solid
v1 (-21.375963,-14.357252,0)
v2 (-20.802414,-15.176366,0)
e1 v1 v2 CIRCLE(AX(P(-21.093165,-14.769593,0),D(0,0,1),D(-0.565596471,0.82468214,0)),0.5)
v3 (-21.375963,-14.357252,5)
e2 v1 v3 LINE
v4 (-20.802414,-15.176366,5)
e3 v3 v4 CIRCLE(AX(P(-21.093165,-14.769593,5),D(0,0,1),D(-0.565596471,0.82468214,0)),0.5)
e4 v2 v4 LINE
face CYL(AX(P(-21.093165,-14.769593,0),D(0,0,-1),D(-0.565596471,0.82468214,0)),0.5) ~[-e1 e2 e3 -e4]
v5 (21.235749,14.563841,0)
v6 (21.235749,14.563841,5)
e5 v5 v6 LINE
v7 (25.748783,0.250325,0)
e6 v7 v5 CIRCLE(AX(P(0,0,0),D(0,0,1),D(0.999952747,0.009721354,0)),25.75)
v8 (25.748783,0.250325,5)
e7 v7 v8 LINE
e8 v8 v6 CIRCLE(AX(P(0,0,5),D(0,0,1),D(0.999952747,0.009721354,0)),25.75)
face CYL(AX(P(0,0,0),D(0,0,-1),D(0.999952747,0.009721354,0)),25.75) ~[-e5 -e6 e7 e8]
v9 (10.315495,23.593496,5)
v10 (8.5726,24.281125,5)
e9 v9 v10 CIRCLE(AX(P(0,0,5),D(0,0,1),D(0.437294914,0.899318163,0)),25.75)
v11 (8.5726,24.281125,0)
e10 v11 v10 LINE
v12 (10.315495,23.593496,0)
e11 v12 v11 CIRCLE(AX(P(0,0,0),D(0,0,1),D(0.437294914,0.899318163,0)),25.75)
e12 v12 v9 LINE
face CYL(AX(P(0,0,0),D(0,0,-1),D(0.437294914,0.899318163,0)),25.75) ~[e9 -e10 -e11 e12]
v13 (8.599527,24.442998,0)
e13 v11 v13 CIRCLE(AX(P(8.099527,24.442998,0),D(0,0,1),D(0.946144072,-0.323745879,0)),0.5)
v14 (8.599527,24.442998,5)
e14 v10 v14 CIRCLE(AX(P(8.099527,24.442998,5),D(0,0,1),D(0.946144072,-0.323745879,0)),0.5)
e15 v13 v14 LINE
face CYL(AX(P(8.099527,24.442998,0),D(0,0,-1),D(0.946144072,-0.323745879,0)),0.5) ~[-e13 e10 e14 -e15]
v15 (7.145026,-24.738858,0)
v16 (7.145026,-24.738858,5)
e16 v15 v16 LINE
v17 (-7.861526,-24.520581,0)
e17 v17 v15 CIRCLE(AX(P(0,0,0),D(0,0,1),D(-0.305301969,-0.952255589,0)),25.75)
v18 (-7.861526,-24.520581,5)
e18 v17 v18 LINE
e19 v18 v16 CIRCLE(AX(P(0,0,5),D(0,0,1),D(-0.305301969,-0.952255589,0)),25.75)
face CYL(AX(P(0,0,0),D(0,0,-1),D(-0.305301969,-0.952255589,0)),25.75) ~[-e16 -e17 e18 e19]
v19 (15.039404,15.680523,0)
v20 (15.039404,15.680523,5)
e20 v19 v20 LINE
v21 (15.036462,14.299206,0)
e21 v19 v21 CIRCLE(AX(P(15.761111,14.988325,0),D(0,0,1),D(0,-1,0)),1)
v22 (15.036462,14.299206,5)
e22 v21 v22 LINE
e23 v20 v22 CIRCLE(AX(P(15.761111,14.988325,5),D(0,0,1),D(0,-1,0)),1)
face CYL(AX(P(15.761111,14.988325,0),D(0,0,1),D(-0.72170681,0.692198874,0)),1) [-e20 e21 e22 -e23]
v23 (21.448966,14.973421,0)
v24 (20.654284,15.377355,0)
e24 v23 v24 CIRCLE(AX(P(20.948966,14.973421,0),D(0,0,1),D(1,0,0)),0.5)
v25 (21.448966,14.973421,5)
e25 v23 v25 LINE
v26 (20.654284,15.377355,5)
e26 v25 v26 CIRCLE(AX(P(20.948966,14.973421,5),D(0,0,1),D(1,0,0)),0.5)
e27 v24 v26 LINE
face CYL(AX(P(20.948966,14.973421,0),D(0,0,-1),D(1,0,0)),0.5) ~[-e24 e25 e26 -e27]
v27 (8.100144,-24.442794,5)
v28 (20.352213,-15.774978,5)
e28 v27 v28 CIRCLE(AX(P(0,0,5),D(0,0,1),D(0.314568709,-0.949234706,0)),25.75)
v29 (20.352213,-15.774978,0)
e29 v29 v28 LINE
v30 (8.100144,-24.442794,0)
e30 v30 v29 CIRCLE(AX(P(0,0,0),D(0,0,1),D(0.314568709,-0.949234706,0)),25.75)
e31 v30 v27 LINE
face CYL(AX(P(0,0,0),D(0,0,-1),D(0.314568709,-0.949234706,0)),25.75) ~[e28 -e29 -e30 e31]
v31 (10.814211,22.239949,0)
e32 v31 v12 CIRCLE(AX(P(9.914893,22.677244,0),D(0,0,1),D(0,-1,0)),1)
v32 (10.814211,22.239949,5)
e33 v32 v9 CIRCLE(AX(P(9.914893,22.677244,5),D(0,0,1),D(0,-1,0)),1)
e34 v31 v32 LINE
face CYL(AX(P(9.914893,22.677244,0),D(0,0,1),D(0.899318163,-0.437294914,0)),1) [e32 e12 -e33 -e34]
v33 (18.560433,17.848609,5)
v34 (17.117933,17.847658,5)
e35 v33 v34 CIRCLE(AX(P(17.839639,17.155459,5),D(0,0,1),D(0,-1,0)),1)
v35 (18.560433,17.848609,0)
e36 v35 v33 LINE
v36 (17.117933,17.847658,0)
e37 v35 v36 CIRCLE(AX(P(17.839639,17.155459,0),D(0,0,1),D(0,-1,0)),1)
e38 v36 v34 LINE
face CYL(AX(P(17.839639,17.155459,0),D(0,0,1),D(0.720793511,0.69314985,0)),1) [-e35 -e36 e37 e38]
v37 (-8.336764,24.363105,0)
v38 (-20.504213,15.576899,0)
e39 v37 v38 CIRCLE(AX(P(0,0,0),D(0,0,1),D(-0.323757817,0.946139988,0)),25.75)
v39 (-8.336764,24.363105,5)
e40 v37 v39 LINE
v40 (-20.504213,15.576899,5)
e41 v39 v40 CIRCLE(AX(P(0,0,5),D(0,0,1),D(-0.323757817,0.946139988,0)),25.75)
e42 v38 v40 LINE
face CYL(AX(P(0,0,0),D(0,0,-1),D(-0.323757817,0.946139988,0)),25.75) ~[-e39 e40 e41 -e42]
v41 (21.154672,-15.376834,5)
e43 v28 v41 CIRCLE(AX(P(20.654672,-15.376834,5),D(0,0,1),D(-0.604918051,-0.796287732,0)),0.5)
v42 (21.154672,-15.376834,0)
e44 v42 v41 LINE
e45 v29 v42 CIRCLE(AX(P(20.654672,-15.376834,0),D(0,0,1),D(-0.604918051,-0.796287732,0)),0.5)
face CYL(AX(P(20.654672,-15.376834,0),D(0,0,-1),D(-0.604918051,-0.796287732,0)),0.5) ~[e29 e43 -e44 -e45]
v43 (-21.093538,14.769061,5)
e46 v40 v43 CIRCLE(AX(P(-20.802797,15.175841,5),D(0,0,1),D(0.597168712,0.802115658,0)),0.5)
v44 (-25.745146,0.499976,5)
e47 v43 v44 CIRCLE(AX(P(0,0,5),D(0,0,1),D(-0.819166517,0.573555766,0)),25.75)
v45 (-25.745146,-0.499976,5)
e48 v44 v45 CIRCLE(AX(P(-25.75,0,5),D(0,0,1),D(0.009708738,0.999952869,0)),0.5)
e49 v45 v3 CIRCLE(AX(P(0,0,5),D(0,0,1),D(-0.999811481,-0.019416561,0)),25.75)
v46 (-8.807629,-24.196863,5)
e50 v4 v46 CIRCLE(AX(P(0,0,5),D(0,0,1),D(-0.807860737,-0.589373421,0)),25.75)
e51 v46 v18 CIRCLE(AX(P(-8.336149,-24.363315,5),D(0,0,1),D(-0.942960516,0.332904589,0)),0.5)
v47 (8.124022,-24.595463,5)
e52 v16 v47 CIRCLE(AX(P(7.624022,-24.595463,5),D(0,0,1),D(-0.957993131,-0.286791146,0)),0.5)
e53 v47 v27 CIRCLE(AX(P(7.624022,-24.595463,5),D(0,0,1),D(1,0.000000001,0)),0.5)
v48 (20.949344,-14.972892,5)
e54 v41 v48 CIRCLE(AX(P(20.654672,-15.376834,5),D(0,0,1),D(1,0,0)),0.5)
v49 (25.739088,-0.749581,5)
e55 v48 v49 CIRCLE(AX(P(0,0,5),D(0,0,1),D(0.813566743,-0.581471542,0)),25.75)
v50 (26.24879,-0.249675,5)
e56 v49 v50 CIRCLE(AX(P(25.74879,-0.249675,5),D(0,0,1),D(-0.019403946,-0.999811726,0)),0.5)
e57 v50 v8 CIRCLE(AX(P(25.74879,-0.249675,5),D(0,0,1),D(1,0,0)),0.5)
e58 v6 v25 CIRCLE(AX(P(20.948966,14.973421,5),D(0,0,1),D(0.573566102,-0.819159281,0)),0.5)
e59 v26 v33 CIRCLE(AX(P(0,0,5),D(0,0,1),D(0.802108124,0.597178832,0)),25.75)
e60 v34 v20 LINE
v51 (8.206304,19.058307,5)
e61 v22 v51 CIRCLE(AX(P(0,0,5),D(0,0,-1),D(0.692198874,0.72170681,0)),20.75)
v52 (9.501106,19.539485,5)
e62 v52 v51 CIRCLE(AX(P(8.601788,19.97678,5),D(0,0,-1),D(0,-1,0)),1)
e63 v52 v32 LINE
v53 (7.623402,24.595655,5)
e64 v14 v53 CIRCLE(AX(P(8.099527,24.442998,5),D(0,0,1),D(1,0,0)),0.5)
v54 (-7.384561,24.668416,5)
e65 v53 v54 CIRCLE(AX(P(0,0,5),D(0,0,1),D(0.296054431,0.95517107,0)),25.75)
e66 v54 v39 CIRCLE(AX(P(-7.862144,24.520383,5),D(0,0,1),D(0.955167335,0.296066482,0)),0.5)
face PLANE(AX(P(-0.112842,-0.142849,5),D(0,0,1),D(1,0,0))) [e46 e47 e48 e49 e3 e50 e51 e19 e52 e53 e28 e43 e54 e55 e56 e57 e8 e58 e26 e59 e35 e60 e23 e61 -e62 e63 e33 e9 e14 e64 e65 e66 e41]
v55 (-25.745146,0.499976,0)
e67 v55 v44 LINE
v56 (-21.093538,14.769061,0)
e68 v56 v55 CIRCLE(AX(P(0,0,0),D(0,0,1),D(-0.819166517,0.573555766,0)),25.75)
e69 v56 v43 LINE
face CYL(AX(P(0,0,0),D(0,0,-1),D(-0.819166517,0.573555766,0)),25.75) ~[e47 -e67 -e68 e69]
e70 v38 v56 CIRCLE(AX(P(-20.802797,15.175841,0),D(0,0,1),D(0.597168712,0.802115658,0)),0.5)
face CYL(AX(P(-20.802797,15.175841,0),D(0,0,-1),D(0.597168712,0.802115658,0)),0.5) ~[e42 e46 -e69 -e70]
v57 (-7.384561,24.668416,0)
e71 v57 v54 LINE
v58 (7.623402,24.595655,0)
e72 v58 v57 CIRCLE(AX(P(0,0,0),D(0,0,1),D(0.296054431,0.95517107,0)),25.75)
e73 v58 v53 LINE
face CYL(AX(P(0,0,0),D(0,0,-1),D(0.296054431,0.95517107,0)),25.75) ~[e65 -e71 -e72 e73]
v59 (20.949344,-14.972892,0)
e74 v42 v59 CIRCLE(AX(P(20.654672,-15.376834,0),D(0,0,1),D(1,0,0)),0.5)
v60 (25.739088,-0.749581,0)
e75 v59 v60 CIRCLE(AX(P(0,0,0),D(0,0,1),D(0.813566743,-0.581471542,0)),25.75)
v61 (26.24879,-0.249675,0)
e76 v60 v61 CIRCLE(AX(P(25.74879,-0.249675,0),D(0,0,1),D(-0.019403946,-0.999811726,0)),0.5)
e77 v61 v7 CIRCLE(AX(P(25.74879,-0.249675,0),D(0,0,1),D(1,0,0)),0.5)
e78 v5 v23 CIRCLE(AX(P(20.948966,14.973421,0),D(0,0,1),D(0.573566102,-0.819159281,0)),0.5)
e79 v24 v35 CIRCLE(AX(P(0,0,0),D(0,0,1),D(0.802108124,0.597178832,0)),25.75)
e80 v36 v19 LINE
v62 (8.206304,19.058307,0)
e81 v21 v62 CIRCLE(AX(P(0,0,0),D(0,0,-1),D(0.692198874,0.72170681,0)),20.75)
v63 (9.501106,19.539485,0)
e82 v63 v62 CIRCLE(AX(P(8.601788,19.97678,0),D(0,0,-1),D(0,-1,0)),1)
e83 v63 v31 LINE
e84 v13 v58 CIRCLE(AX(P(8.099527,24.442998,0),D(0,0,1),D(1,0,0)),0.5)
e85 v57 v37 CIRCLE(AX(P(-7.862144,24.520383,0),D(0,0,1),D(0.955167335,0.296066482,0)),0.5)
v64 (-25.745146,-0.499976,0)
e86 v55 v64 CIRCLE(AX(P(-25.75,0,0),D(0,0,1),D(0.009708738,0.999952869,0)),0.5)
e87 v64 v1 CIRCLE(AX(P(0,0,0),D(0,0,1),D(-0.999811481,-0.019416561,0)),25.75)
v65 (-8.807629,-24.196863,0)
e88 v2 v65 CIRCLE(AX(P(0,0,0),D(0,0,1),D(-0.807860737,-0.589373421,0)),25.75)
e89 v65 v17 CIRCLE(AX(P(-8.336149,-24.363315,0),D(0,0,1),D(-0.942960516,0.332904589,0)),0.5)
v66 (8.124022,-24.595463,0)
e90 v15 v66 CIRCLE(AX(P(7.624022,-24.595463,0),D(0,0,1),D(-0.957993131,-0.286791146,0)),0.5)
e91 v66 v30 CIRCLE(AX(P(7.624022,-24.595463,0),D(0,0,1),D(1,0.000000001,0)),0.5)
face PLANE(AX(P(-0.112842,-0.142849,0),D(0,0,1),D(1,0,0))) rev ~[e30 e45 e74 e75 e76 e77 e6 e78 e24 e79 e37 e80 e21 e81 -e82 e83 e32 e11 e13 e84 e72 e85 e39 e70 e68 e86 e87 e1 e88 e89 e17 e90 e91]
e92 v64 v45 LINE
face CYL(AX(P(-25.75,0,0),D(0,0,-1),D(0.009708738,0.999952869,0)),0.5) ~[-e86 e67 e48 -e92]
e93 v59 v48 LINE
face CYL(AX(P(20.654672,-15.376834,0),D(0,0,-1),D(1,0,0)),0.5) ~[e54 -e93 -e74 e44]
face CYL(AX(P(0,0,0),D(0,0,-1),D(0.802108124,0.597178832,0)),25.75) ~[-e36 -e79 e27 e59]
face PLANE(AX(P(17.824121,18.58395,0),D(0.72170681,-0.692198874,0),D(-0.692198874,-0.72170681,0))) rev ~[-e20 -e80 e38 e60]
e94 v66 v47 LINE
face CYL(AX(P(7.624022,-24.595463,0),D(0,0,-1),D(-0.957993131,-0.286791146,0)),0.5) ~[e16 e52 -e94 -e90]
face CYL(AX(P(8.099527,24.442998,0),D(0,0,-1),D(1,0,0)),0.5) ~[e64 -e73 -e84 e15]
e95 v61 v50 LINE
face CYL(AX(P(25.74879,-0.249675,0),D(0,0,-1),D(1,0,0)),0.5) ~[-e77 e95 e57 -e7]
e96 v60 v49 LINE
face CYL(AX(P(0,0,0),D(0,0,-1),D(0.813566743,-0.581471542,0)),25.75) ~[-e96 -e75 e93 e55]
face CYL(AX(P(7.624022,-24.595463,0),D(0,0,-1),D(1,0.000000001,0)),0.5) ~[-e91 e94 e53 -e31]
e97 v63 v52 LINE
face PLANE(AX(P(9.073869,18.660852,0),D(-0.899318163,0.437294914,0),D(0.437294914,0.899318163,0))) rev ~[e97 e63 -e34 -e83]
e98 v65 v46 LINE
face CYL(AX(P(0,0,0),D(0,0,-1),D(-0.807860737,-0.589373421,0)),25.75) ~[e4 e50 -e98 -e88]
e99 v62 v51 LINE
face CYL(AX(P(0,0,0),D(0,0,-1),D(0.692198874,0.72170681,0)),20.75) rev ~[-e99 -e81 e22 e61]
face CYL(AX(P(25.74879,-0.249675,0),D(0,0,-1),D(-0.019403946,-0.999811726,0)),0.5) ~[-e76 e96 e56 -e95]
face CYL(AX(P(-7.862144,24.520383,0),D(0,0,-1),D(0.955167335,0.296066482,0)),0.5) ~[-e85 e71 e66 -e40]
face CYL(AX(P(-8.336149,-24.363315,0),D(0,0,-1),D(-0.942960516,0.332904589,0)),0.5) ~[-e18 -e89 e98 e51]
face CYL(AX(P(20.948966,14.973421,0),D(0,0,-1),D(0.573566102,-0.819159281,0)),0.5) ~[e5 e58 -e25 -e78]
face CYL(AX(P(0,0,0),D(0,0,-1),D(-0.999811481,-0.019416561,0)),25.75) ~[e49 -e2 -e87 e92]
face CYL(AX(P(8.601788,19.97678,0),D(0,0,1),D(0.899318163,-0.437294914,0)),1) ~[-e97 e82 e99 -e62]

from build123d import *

# Parameters (mm, degrees)
F1_DEPTH = 5
F2_R     = 1


with BuildPart() as f1:
    # F0 (on Top) → F1 (new body)
    with BuildSketch(Plane.XY):
        with BuildLine():
            Line((9.0738694714, 18.6608518781), (11.2603440428, 23.1574426921))
            ThreePointArc((11.2603440428, 23.1574426921), (9.9323752456, 23.7573235441), (8.5725995071, 24.2811251323))
            ThreePointArc((8.5725995071, 24.2811251323), (7.9422550928, 23.9683767502), (7.6234016022, 24.5956550637))
            ThreePointArc((7.6234016022, 24.5956550637), (0.1248390338, 25.749697381), (-7.3845607731, 24.6684162886))
            ThreePointArc((-7.3845607731, 24.6684162886), (-7.3677802865, 24.5952434717), (-7.3621444406, 24.5203830475))
            ThreePointArc((-7.3621444406, 24.5203830475), (-7.7824878927, 24.0267689934), (-8.3367637781, 24.3631046812))
            ThreePointArc((-8.3367637781, 24.3631046812), (-15.0748079196, 20.8761267046), (-20.5042125636, 15.5768985086))
            ThreePointArc((-20.5042125636, 15.5768985086), (-20.3559791837, 15.4002374508), (-20.3027969195, 15.1758406794))
            ThreePointArc((-20.3027969195, 15.1758406794), (-20.5740726878, 14.731222612), (-21.0935378229, 14.769060976))
            ThreePointArc((-21.0935378229, 14.769060976), (-24.4819782767, 7.9809297492), (-25.7451456311, 0.4999764345))
            ThreePointArc((-25.7451456311, 0.4999764345), (-25.3947344764, 0.3518329259), (-25.25, 0))
            ThreePointArc((-25.25, 0), (-25.3947344764, -0.3518329259), (-25.7451456311, -0.4999764345))
            ThreePointArc((-25.7451456311, -0.4999764345), (-24.5582114818, -7.7431743372), (-21.3759633758, -14.357252166))
            ThreePointArc((-21.3759633758, -14.357252166), (-20.8601405899, -14.3272138075), (-20.5931651404, -14.769593236))
            ThreePointArc((-20.5931651404, -14.769593236), (-20.6485441873, -14.998311858), (-20.8024139726, -15.1763656029))
            ThreePointArc((-20.8024139726, -15.1763656029), (-15.4767893092, -20.5798807741), (-8.807629266, -24.1968627452))
            ThreePointArc((-8.807629266, -24.1968627452), (-8.2517100627, -23.8704965491), (-7.836149008, -24.3633150396))
            ThreePointArc((-7.836149008, -24.3633150396), (-7.842533949, -24.4429653597), (-7.861525702, -24.5205814294))
            ThreePointArc((-7.861525702, -24.5205814294), (-0.3745053645, -25.7472764721), (7.1450256699, -24.7388582634))
            ThreePointArc((7.1450256699, -24.7388582634), (7.4759829686, -24.1178808906), (8.1001442518, -24.4427936844))
            ThreePointArc((8.1001442518, -24.4427936844), (14.8716818107, -21.0213125214), (20.352213188, -15.7749776022))
            ThreePointArc((20.352213188, -15.7749776022), (20.2536106171, -15.0782544405), (20.9493436351, -14.9728922143))
            ThreePointArc((20.9493436351, -14.9728922143), (24.4034433497, -8.2179348182), (25.7390875582, -0.7495809963))
            ThreePointArc((25.7390875582, -0.7495809963), (25.2488130356, -0.2448270726), (25.7487832229, 0.2503248665))
            ThreePointArc((25.7487832229, 0.2503248665), (24.5582114818, 7.7431743372), (21.2357488599, 14.5638411952))
            ThreePointArc((21.2357488599, 14.5638411952), (20.5421897741, 14.6826748), (20.6542841949, 15.377354922))
            ThreePointArc((20.6542841949, 15.377354922), (19.3058923652, 17.0395134902), (17.8241209929, 18.5839503559))
            Line((17.8241209929, 18.5839503559), (14.3631266254, 14.9754163062))
            ThreePointArc((14.3631266254, 14.9754163062), (-11.8624957471, -17.0247964643), (9.0738694714, 18.6608518781))
        make_face()
        with BuildLine():
            ThreePointArc((7.6234016022, 24.5956550637), (7.9422550928, 23.9683767502), (8.5725995071, 24.2811251323))
            ThreePointArc((8.5725995071, 24.2811251323), (8.0995274709, 24.442998072), (7.6234016022, 24.5956550637))
        make_face()
        with BuildLine():
            ThreePointArc((7.6234016022, 24.5956550637), (8.0995274709, 24.442998072), (8.5725995071, 24.2811251323))
            ThreePointArc((8.5725995071, 24.2811251323), (8.5927495396, 24.3609493611), (8.5995274709, 24.442998072))
            ThreePointArc((8.5995274709, 24.442998072), (8.176783751, 24.9369934841), (7.6234016022, 24.5956550637))
        make_face()
        with BuildLine():
            ThreePointArc((-7.3621444406, 24.5203830475), (-7.3677802865, 24.5952434717), (-7.3845607731, 24.6684162886))
            ThreePointArc((-7.3845607731, 24.6684162886), (-7.8621444406, 24.5203830475), (-8.3367637781, 24.3631046812))
            ThreePointArc((-8.3367637781, 24.3631046812), (-7.7824878927, 24.0267689934), (-7.3621444406, 24.5203830475))
        make_face()
        with BuildLine():
            ThreePointArc((-8.3367637781, 24.3631046812), (-7.8621444406, 24.5203830475), (-7.3845607731, 24.6684162886))
            ThreePointArc((-7.3845607731, 24.6684162886), (-8.0148074395, 24.9965069901), (-8.3367637781, 24.3631046812))
        make_face()
        with BuildLine():
            ThreePointArc((21.4489658093, 14.9734208357), (21.1755261685, 15.4191454183), (20.6542841949, 15.377354922))
            ThreePointArc((20.6542841949, 15.377354922), (20.9489658093, 14.9734208357), (21.2357488599, 14.5638411952))
            ThreePointArc((21.2357488599, 14.5638411952), (21.3924697694, 14.7425437313), (21.4489658093, 14.9734208357))
        make_face()
        with BuildLine():
            ThreePointArc((21.2357488599, 14.5638411952), (20.9489658093, 14.9734208357), (20.6542841949, 15.377354922))
            ThreePointArc((20.6542841949, 15.377354922), (20.5421897741, 14.6826748), (21.2357488599, 14.5638411952))
        make_face()
        with BuildLine():
            ThreePointArc((-20.3027969195, 15.1758406794), (-20.3559791837, 15.4002374508), (-20.5042125636, 15.5768985086))
            ThreePointArc((-20.5042125636, 15.5768985086), (-20.8027969195, 15.1758406794), (-21.0935378229, 14.769060976))
            ThreePointArc((-21.0935378229, 14.769060976), (-20.5740726878, 14.731222612), (-20.3027969195, 15.1758406794))
        make_face()
        with BuildLine():
            ThreePointArc((-21.0935378229, 14.769060976), (-20.8027969195, 15.1758406794), (-20.5042125636, 15.5768985086))
            ThreePointArc((-20.5042125636, 15.5768985086), (-21.2067347237, 15.4705171975), (-21.0935378229, 14.769060976))
        make_face()
        with BuildLine():
            ThreePointArc((26.2487895313, -0.2496751334), (26.1023406915, 0.1038804875), (25.7487832229, 0.2503248665))
            ThreePointArc((25.7487832229, 0.2503248665), (25.7487895313, -0.2496751334), (25.7390875582, -0.7495809963))
            ThreePointArc((25.7390875582, -0.7495809963), (26.0988959533, -0.6066422093), (26.2487895313, -0.2496751334))
        make_face()
        with BuildLine():
            ThreePointArc((25.7390875582, -0.7495809963), (25.7487895313, -0.2496751334), (25.7487832229, 0.2503248665))
            ThreePointArc((25.7487832229, 0.2503248665), (25.2488130356, -0.2448270726), (25.7390875582, -0.7495809963))
        make_face()
        with BuildLine():
            ThreePointArc((-25.25, 0), (-25.3947344764, 0.3518329259), (-25.7451456311, 0.4999764345))
            ThreePointArc((-25.7451456311, 0.4999764345), (-25.75, 0), (-25.7451456311, -0.4999764345))
            ThreePointArc((-25.7451456311, -0.4999764345), (-25.3947344764, -0.3518329259), (-25.25, 0))
        make_face()
        with BuildLine():
            ThreePointArc((-25.7451456311, -0.4999764345), (-25.75, 0), (-25.7451456311, 0.4999764345))
            ThreePointArc((-25.7451456311, 0.4999764345), (-26.25, 0), (-25.7451456311, -0.4999764345))
        make_face()
        with BuildLine():
            ThreePointArc((21.1546722134, -15.3768337363), (21.1003939376, -15.1502677535), (20.9493436351, -14.9728922143))
            ThreePointArc((20.9493436351, -14.9728922143), (20.6546722134, -15.3768337363), (20.352213188, -15.7749776022))
            ThreePointArc((20.352213188, -15.7749776022), (20.8769001227, -15.824734123), (21.1546722134, -15.3768337363))
        make_face()
        with BuildLine():
            ThreePointArc((20.352213188, -15.7749776022), (20.6546722134, -15.3768337363), (20.9493436351, -14.9728922143))
            ThreePointArc((20.9493436351, -14.9728922143), (20.2536106171, -15.0782544405), (20.352213188, -15.7749776022))
        make_face()
        with BuildLine():
            ThreePointArc((-20.5931651404, -14.769593236), (-20.8601405899, -14.3272138075), (-21.3759633758, -14.357252166))
            ThreePointArc((-21.3759633758, -14.357252166), (-21.0931651404, -14.769593236), (-20.8024139726, -15.1763656029))
            ThreePointArc((-20.8024139726, -15.1763656029), (-20.6485441873, -14.998311858), (-20.5931651404, -14.769593236))
        make_face()
        with BuildLine():
            ThreePointArc((-20.8024139726, -15.1763656029), (-21.0931651404, -14.769593236), (-21.3759633758, -14.357252166))
            ThreePointArc((-21.3759633758, -14.357252166), (-21.5027411626, -15.0563814542), (-20.8024139726, -15.1763656029))
        make_face()
        with BuildLine():
            ThreePointArc((8.1240222353, -24.5954626904), (8.1180166726, -24.5182001777), (8.1001442518, -24.4427936844))
            ThreePointArc((8.1001442518, -24.4427936844), (7.6240222353, -24.5954626904), (7.1450256699, -24.7388582634))
            ThreePointArc((7.1450256699, -24.7388582634), (7.696485044, -25.0901839668), (8.1240222353, -24.5954626904))
        make_face()
        with BuildLine():
            ThreePointArc((7.1450256699, -24.7388582634), (7.6240222353, -24.5954626904), (8.1001442518, -24.4427936844))
            ThreePointArc((8.1001442518, -24.4427936844), (7.4759829686, -24.1178808906), (7.1450256699, -24.7388582634))
        make_face()
        with BuildLine():
            ThreePointArc((-7.836149008, -24.3633150396), (-8.2517100627, -23.8704965491), (-8.807629266, -24.1968627452))
            ThreePointArc((-8.807629266, -24.1968627452), (-8.336149008, -24.3633150396), (-7.861525702, -24.5205814294))
            ThreePointArc((-7.861525702, -24.5205814294), (-7.842533949, -24.4429653597), (-7.836149008, -24.3633150396))
        make_face()
        with BuildLine():
            ThreePointArc((-7.861525702, -24.5205814294), (-8.336149008, -24.3633150396), (-8.807629266, -24.1968627452))
            ThreePointArc((-8.807629266, -24.1968627452), (-8.498015979, -24.836389118), (-7.861525702, -24.5205814294))
        make_face()
    extrude(amount=F1_DEPTH)

    # F2
    f2_edges = [f1.edges().sort_by_distance(p)[0] for p in [
        (9.073869, 18.660852, 2.5),
        (11.260344, 23.157443, 2.5),
        (17.824121, 18.58395, 2.5),
        (14.363127, 14.975416, 2.5),
    ]]
    fillet(f2_edges, radius=F2_R)


solid = f1.part
